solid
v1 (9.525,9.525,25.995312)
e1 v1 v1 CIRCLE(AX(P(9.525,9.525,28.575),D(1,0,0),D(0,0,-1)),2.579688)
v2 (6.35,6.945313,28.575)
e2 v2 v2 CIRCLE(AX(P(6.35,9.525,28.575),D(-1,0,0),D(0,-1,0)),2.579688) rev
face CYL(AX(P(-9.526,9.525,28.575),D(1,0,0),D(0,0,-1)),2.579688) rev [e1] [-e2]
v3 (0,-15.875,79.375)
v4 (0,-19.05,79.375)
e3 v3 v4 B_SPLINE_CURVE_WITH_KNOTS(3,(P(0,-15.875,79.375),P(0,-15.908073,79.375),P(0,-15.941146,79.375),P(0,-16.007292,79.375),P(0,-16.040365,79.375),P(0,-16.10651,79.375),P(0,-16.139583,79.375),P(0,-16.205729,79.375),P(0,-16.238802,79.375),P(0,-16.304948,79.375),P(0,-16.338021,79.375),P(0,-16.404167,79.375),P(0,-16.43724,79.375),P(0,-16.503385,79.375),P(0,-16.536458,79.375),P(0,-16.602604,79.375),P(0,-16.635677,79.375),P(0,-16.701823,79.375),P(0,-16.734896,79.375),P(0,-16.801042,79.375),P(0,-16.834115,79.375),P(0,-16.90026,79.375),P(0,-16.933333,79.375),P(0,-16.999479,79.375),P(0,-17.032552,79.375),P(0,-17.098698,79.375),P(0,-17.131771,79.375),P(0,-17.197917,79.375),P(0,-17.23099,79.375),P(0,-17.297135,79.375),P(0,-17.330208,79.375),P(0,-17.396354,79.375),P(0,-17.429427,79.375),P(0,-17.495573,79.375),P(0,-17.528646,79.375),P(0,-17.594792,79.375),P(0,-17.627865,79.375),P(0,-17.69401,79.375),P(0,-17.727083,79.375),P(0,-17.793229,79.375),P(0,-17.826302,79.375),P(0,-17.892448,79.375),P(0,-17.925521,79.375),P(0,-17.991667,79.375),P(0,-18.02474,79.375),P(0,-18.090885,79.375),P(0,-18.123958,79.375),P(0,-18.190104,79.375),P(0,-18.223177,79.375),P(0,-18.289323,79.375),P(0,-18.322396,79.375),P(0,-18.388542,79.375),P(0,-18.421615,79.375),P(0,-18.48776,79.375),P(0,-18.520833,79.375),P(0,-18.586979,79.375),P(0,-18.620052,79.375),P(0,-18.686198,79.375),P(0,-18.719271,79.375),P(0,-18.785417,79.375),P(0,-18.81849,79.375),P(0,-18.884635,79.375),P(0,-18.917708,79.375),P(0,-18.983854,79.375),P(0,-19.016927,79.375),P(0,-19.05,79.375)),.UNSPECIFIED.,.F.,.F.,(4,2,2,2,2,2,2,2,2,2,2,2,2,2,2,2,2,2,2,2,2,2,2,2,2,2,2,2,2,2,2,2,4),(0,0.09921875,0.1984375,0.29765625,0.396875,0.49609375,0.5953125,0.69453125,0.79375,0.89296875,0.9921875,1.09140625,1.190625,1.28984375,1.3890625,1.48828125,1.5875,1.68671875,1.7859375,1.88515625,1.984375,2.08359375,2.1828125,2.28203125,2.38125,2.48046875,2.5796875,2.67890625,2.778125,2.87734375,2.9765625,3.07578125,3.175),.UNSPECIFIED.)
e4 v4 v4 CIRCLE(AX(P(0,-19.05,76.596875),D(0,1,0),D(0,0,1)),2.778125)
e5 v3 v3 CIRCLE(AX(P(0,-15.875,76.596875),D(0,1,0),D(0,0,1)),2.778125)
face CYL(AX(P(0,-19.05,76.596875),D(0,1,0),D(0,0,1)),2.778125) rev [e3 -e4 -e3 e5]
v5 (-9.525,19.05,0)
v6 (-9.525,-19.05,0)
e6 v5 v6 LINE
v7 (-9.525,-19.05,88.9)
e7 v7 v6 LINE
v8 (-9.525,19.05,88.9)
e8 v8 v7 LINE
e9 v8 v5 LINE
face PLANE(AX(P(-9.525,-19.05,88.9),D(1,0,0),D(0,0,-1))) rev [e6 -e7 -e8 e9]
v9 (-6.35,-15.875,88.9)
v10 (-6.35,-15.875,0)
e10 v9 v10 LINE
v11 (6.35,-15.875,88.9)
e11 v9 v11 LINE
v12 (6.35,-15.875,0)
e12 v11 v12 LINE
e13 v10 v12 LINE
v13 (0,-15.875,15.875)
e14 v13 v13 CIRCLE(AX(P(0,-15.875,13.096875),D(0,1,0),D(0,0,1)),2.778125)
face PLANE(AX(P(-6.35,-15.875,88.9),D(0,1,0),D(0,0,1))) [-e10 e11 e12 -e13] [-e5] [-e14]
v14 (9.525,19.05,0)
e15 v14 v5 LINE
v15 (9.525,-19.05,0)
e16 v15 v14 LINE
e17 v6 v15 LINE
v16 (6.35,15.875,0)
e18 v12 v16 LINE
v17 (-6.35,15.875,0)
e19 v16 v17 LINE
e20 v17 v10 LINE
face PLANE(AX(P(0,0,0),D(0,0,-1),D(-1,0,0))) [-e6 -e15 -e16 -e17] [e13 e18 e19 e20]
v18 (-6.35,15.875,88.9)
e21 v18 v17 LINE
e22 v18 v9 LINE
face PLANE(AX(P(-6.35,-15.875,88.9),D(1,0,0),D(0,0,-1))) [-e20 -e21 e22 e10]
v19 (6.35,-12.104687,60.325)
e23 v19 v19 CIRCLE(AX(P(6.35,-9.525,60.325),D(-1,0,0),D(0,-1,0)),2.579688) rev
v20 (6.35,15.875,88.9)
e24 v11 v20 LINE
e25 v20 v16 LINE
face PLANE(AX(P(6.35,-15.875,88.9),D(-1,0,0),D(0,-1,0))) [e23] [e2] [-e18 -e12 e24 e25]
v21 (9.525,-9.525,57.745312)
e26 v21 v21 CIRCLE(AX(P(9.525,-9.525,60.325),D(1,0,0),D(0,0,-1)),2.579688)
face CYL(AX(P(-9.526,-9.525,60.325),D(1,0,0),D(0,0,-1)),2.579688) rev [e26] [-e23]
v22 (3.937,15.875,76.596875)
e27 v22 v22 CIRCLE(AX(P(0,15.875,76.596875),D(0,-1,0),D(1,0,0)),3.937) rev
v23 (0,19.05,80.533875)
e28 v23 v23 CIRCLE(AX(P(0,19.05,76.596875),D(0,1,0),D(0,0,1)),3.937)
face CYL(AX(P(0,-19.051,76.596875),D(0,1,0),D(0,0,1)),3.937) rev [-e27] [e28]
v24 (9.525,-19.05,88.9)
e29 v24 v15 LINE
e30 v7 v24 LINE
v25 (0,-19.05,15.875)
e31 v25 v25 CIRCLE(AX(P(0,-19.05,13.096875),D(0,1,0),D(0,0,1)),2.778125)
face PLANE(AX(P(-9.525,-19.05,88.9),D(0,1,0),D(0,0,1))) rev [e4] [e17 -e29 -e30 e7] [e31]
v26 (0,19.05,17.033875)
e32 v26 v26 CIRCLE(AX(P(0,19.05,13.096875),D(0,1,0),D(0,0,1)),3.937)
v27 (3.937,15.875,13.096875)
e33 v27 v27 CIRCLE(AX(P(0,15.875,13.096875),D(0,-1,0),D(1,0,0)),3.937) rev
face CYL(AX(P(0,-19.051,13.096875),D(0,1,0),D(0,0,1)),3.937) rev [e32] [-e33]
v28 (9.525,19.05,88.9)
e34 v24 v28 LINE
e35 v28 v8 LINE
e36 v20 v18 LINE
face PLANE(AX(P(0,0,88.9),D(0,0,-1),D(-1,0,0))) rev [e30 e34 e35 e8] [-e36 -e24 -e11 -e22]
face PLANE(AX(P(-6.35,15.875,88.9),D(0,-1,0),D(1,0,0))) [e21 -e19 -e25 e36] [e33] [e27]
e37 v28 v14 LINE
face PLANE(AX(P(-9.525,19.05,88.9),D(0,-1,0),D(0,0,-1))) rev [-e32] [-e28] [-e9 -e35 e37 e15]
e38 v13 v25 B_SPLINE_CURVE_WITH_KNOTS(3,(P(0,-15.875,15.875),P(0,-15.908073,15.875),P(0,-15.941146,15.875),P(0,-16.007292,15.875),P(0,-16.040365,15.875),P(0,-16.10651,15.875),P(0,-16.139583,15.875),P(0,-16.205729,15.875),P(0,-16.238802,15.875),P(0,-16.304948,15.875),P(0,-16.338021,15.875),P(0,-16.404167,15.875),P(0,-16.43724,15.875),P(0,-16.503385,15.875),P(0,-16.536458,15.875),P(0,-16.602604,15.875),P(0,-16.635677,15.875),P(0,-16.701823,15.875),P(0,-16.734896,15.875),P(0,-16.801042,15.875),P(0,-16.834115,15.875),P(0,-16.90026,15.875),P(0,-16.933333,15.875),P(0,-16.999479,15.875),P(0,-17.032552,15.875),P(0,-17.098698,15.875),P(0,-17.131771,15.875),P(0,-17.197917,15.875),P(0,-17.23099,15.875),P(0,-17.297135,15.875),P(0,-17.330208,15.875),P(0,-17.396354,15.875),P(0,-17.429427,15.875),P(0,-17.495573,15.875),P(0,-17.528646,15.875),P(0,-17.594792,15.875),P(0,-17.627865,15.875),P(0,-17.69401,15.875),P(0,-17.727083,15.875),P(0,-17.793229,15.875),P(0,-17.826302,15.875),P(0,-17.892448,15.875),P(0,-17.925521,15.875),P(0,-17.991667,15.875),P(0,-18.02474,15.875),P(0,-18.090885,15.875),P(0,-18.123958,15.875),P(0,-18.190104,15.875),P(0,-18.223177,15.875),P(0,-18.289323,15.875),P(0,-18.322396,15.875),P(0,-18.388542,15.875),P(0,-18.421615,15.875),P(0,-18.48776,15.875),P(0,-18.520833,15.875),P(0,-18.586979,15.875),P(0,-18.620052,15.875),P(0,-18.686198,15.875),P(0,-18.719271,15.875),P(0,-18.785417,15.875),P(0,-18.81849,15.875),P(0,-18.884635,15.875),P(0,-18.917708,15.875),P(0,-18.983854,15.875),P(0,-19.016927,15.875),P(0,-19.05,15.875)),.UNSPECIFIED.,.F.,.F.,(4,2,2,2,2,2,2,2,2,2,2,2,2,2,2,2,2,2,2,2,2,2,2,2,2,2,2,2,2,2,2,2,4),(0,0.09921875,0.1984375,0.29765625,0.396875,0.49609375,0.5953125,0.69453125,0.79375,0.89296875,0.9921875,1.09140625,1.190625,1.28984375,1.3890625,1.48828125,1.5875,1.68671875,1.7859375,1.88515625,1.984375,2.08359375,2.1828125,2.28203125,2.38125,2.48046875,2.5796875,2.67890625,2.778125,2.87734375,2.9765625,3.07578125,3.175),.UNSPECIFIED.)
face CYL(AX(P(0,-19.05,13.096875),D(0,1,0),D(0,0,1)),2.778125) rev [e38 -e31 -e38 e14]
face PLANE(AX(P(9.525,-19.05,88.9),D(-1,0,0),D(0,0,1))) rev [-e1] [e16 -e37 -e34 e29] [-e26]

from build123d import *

# Parameters (mm, degrees)
SKETCH1_W           = 19.05
SKETCH1_H           = 38.1
SKETCH1_W_2         = 12.7
SKETCH1_H_2         = 31.75
BOSS_EXTRUDE1_DEPTH = 88.9
SKETCH2_R           = 2.778125
CUT_EXTRUDE1_DEPTH  = 98.188196943
CUT_EXTRUDE2_REACH  = 99.188
SKETCH3_R           = 3.937
CUT_EXTRUDE3_REACH  = 94.892
SKETCH4_R           = 2.5796875


with BuildPart() as part:
    # Sketch1 → Boss-Extrude1 (new body)
    with BuildSketch(Plane.XY):
        Rectangle(SKETCH1_W, SKETCH1_H)
        Rectangle(SKETCH1_W_2, SKETCH1_H_2, mode=Mode.SUBTRACT)
    extrude(amount=BOSS_EXTRUDE1_DEPTH)

    # Sketch2 → Cut-Extrude1 (cut, through all)
    with BuildSketch(Plane(origin=(0, 19.05, 0), x_dir=(1, 0, 0), z_dir=(0, 1, 0))):
        with Locations(Location((0, -76.596875, 0), (0, 0, 270))):
            Circle(SKETCH2_R)
        with Locations(Location((0, -13.096875, 0), (0, 0, 270))):
            Circle(SKETCH2_R)
    extrude(amount=-CUT_EXTRUDE1_DEPTH, mode=Mode.SUBTRACT)

    # Sketch3 → Cut-Extrude2 (cut, up to next)
    with BuildSketch(Plane(origin=(0, 19.05, 0), x_dir=(1, 0, 0), z_dir=(0, 1, 0)), mode=Mode.PRIVATE) as cut_extrude2_sk1:
        with Locations(Location((0, -76.596875, 0), (0, 0, 270))):
            Circle(SKETCH3_R)
    cut_extrude2_tool1 = extrude(cut_extrude2_sk1.sketch, amount=-CUT_EXTRUDE2_REACH, mode=Mode.PRIVATE) & part.part
    # Sketch3 → Cut-Extrude2 (cut, up to next)
    with BuildSketch(Plane(origin=(0, 19.05, 0), x_dir=(1, 0, 0), z_dir=(0, 1, 0)), mode=Mode.PRIVATE) as cut_extrude2_sk2:
        with Locations(Location((0, -13.096875, 0), (0, 0, 270))):
            Circle(SKETCH3_R)
    cut_extrude2_tool2 = extrude(cut_extrude2_sk2.sketch, amount=-CUT_EXTRUDE2_REACH, mode=Mode.PRIVATE) & part.part
    add(cut_extrude2_tool1.solids().sort_by_distance((0, 19.05, 76.596875))[0], mode=Mode.SUBTRACT)
    add(cut_extrude2_tool2.solids().sort_by_distance((0, 19.05, 13.096875))[0], mode=Mode.SUBTRACT)

    # Sketch4 → Cut-Extrude3 (cut, up to next)
    with BuildSketch(Plane(origin=(9.525, 0, 0), x_dir=(0, 0, -1), z_dir=(1, 0, 0)), mode=Mode.PRIVATE) as cut_extrude3_sk1:
        with Locations((-60.325, -9.525)):
            Circle(SKETCH4_R)
    cut_extrude3_tool1 = extrude(cut_extrude3_sk1.sketch, amount=-CUT_EXTRUDE3_REACH, mode=Mode.PRIVATE) & part.part
    # Sketch4 → Cut-Extrude3 (cut, up to next)
    with BuildSketch(Plane(origin=(9.525, 0, 0), x_dir=(0, 0, -1), z_dir=(1, 0, 0)), mode=Mode.PRIVATE) as cut_extrude3_sk2:
        with Locations((-28.575, 9.525)):
            Circle(SKETCH4_R)
    cut_extrude3_tool2 = extrude(cut_extrude3_sk2.sketch, amount=-CUT_EXTRUDE3_REACH, mode=Mode.PRIVATE) & part.part
    add(cut_extrude3_tool1.solids().sort_by_distance((9.525, -9.525, 60.325))[0], mode=Mode.SUBTRACT)
    add(cut_extrude3_tool2.solids().sort_by_distance((9.525, 9.525, 28.575))[0], mode=Mode.SUBTRACT)


solid = part.part
